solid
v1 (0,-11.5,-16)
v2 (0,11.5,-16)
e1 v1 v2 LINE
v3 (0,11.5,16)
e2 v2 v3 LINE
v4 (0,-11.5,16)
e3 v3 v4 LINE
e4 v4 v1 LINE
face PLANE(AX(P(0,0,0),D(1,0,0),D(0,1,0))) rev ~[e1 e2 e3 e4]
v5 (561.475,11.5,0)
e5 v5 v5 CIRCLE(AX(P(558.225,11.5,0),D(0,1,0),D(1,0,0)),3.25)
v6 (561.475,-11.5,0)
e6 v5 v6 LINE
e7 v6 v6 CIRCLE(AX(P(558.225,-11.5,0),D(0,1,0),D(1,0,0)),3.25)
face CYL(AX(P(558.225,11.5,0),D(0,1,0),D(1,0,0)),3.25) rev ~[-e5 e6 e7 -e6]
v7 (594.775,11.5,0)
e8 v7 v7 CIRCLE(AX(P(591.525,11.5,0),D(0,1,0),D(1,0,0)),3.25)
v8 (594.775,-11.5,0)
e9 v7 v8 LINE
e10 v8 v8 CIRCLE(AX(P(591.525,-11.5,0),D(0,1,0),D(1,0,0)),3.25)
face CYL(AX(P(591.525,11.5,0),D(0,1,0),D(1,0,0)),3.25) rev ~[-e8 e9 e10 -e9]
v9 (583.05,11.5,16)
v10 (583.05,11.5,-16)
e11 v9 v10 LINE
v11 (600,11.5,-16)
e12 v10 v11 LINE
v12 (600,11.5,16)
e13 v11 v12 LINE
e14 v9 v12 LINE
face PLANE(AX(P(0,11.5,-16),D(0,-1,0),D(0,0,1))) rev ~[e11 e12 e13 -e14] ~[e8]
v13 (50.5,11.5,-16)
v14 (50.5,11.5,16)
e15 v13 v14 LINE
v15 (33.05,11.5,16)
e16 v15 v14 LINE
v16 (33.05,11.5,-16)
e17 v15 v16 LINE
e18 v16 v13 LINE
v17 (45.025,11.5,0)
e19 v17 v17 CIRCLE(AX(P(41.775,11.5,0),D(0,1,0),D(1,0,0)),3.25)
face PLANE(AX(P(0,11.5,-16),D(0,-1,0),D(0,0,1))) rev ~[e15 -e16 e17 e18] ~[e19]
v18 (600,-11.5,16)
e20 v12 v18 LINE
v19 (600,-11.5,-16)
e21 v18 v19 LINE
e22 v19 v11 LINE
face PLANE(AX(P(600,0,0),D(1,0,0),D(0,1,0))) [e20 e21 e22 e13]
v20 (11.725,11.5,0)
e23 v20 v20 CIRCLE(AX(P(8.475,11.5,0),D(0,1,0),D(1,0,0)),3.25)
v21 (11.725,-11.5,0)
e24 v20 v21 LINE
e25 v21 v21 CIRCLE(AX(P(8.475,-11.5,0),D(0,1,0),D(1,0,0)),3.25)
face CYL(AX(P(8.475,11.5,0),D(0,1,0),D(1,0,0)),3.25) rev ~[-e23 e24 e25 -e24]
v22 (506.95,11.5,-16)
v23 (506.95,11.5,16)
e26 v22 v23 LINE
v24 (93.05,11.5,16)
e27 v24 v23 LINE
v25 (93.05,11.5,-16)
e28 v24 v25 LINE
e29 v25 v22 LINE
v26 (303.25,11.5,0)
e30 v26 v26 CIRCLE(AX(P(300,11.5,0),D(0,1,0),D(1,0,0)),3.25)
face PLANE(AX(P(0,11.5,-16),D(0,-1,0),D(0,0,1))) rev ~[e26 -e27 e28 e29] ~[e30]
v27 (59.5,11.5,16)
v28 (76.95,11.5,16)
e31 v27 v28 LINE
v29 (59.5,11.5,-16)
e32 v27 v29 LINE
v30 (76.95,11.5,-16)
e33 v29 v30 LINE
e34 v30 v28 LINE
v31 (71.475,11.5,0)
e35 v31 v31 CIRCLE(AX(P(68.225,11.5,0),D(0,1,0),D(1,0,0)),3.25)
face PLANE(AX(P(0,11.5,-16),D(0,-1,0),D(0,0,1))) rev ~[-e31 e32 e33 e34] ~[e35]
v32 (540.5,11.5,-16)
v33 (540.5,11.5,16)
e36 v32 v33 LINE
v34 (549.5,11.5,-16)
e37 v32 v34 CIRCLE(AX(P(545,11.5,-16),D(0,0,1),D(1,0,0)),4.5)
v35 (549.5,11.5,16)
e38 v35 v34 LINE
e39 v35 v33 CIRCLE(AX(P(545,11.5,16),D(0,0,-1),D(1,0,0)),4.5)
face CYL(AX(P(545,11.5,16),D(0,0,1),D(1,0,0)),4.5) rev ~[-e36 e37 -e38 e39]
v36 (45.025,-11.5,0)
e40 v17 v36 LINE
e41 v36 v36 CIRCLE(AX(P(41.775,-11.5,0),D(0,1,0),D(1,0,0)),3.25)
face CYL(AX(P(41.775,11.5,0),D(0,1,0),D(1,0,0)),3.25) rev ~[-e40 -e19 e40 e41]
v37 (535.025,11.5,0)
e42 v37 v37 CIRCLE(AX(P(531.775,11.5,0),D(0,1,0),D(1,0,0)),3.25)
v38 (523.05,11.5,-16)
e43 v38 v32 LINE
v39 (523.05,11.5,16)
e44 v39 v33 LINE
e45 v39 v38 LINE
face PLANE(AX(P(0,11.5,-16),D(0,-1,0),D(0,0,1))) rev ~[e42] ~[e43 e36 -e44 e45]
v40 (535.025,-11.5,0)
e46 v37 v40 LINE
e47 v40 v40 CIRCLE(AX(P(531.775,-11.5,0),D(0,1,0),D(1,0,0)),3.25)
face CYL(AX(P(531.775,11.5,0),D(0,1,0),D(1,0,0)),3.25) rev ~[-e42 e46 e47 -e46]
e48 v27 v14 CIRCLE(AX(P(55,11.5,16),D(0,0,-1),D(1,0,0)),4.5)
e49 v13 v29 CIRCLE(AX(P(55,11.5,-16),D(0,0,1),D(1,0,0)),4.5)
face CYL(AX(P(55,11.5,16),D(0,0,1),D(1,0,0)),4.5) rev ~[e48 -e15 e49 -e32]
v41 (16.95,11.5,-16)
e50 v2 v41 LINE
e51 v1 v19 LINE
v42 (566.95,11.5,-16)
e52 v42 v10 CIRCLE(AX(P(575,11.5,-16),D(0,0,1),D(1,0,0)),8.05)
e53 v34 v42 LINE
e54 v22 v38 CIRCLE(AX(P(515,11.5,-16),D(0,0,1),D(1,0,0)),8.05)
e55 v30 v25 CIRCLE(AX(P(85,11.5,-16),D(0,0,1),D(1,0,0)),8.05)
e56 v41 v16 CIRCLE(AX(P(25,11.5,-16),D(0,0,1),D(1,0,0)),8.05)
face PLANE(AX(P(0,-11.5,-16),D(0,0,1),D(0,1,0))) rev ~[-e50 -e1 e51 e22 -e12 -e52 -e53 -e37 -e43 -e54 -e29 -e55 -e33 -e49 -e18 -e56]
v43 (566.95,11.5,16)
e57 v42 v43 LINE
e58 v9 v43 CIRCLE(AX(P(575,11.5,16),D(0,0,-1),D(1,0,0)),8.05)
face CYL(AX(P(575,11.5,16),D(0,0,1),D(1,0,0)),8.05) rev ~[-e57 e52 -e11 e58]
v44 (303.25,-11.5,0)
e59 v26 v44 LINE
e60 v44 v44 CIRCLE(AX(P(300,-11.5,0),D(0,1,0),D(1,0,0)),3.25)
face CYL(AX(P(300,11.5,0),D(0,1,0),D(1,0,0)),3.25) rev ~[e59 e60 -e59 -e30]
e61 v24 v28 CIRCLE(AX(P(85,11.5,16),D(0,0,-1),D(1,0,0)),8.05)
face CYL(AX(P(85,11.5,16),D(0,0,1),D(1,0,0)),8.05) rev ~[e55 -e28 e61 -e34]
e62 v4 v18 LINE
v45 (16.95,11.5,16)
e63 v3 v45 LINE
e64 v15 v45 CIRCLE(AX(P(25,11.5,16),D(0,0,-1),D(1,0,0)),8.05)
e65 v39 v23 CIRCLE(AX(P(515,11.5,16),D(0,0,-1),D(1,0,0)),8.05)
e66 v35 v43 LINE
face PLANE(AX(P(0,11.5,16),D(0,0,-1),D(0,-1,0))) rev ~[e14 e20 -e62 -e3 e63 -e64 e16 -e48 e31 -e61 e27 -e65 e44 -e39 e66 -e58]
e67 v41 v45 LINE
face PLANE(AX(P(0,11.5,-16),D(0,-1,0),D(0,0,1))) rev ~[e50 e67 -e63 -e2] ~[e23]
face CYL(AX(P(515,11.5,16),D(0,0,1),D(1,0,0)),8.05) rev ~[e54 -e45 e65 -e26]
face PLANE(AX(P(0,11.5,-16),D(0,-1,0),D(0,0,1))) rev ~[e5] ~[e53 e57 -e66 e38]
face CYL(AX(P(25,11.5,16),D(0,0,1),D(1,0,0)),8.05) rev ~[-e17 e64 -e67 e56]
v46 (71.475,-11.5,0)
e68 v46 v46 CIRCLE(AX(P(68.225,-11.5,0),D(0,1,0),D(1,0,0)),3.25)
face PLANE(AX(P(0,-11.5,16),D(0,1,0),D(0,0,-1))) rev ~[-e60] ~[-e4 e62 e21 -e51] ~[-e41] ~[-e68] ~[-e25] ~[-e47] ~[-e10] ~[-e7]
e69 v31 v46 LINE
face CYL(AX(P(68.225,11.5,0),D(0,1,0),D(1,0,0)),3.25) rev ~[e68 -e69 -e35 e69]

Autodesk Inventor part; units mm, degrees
ref_plane "YZ Plane" through (0, 0, 0) normal (1, 0, 0) x (0, 1, 0)
ref_plane "XZ Plane" through (0, 0, 0) normal (0, 1, 0) x (-1, 0, 0)
ref_plane "XY Plane" through (0, 0, 0) normal (0, 0, 1) x (1, 0, 0)
sketch "Sketch1" plane through (0, 0, 0) normal (1, 0, 0) x (0, 1, 0)
  point P0 (0, 0)
sketch "Sketch2" plane through (0, 0, 0) normal (1, 0, 0) x (0, 1, 0)
  line L0 (11.5, 16) -> (-11.5, 16)
  line L1 (-11.5, 16) -> (-11.5, -16)
  line L2 (-11.5, -16) -> (11.5, -16)
  line L3 (11.5, -16) -> (11.5, 16)
  point P0 (0, 0)
  point P1 (11.5, 0)
  point P2 (0, 16)
  dimension "d0" = 32
  dimension "d1" = 23
extrude "Extrusion1" add sketch "Sketch2" along normal blind 600
sketch "Sketch3" plane through (0, -11.5, 16) normal (0, 0, 1) x (1, 0, 0)
  line L0 (0, 23) -> (0, 0) projected
  line L1 (0, 0) -> (600, 0) projected
  line L2 (600, 23) -> (600, 0) projected
  line L3 (0, 23) -> (600, 23) projected
  line L4 (0, 23) -> (600, 23) projected
  circle A0 centre (25, 23) radius 8.05
  circle A1 centre (85, 23) radius 8.05
  circle A2 centre (55, 23) radius 4.5
  line L5 (300, 23) -> (300, 0) construction
  circle A3 centre (575, 23) radius 8.05
  circle A4 centre (515, 23) radius 8.05
  circle A5 centre (545, 23) radius 4.5
  point P0 (0, 11.5)
  dimension "d4" = 60
  dimension "d5" = 30
  dimension "d6" = 16.1
  dimension "d7" = 25
  dimension "d8" = 9
extrude "Extrusion2" cut sketch "Sketch3" against normal through all contours A0 L3 | L3 A0 | A2 L3 | L3 A2 | A3 L3 | L3 A3 | A1 L3 | L3 A1 | A5 L3 | L3 A5 | A4 L3 | L3 A4
sketch "Sketch4" plane through (93.05, 11.5, -16) normal (0, 1, 0) x (1, 0, 0)
  line L0 (413.9, -32) -> (413.9, 0)
  line L1 (0, 0) -> (413.9, 0)
  line L2 (0, 0) -> (0, -32)
  line L3 (0, -32) -> (413.9, -32)
  line L4 (-16.1, -32) -> (-16.1, 0)
  line L5 (-33.55, 0) -> (-16.1, 0)
  line L6 (-33.55, 0) -> (-33.55, -32)
  line L7 (-33.55, -32) -> (-16.1, -32)
  line L8 (-42.55, -32) -> (-42.55, 0)
  line L9 (-60, 0) -> (-42.55, 0)
  line L10 (-60, 0) -> (-60, -32)
  line L11 (-60, -32) -> (-42.55, -32)
  line L12 (-76.1, -32) -> (-76.1, 0)
  line L13 (-93.05, 0) -> (-76.1, 0)
  line L14 (-93.05, 0) -> (-93.05, -32)
  line L15 (-93.05, -32) -> (-76.1, -32)
  line L16 (430, 0) -> (430, -32)
  line L17 (430, -32) -> (447.45, -32)
  line L18 (447.45, -32) -> (447.45, 0)
  line L19 (430, 0) -> (447.45, 0)
  line L20 (456.45, 0) -> (456.45, -32)
  line L21 (456.45, -32) -> (473.9, -32)
  line L22 (473.9, -32) -> (473.9, 0)
  line L23 (456.45, 0) -> (473.9, 0)
  line L24 (490, 0) -> (490, -32)
  line L25 (490, -32) -> (506.95, -32)
  line L26 (506.95, 0) -> (506.95, -32)
  line L27 (490, 0) -> (506.95, 0)
  line L28 (506.95, 0) -> (506.95, -32) construction
  line L29 (506.95, -16) -> (-93.05, -16) construction
  line L30 (-93.05, 0) -> (506.95, 0) construction
  line L31 (206.95, 0) -> (206.95, -32) construction
  circle A0 centre (498.475, -16) radius 3.25
  circle A1 centre (465.175, -16) radius 3.25
  circle A2 centre (438.725, -16) radius 3.25
  circle A3 centre (206.95, -16) radius 3.25
  circle A4 centre (-24.825, -16) radius 3.25
  circle A5 centre (-51.275, -16) radius 3.25
  circle A6 centre (-84.575, -16) radius 3.25
  point P0 (438.725, 0)
  point P1 (465.175, 0)
  point P2 (498.475, 0)
  point P3 (-84.575, 0)
  point P4 (-51.275, 0)
  point P5 (-24.825, 0)
extrude "Extrusion3" cut sketch "Sketch4" against normal through all contours A0 | A1 | A2 | A3 | A4 | A5 | A6
properties part number "X_STRUCTURAL_SUP" material "Wood (Birch)"
